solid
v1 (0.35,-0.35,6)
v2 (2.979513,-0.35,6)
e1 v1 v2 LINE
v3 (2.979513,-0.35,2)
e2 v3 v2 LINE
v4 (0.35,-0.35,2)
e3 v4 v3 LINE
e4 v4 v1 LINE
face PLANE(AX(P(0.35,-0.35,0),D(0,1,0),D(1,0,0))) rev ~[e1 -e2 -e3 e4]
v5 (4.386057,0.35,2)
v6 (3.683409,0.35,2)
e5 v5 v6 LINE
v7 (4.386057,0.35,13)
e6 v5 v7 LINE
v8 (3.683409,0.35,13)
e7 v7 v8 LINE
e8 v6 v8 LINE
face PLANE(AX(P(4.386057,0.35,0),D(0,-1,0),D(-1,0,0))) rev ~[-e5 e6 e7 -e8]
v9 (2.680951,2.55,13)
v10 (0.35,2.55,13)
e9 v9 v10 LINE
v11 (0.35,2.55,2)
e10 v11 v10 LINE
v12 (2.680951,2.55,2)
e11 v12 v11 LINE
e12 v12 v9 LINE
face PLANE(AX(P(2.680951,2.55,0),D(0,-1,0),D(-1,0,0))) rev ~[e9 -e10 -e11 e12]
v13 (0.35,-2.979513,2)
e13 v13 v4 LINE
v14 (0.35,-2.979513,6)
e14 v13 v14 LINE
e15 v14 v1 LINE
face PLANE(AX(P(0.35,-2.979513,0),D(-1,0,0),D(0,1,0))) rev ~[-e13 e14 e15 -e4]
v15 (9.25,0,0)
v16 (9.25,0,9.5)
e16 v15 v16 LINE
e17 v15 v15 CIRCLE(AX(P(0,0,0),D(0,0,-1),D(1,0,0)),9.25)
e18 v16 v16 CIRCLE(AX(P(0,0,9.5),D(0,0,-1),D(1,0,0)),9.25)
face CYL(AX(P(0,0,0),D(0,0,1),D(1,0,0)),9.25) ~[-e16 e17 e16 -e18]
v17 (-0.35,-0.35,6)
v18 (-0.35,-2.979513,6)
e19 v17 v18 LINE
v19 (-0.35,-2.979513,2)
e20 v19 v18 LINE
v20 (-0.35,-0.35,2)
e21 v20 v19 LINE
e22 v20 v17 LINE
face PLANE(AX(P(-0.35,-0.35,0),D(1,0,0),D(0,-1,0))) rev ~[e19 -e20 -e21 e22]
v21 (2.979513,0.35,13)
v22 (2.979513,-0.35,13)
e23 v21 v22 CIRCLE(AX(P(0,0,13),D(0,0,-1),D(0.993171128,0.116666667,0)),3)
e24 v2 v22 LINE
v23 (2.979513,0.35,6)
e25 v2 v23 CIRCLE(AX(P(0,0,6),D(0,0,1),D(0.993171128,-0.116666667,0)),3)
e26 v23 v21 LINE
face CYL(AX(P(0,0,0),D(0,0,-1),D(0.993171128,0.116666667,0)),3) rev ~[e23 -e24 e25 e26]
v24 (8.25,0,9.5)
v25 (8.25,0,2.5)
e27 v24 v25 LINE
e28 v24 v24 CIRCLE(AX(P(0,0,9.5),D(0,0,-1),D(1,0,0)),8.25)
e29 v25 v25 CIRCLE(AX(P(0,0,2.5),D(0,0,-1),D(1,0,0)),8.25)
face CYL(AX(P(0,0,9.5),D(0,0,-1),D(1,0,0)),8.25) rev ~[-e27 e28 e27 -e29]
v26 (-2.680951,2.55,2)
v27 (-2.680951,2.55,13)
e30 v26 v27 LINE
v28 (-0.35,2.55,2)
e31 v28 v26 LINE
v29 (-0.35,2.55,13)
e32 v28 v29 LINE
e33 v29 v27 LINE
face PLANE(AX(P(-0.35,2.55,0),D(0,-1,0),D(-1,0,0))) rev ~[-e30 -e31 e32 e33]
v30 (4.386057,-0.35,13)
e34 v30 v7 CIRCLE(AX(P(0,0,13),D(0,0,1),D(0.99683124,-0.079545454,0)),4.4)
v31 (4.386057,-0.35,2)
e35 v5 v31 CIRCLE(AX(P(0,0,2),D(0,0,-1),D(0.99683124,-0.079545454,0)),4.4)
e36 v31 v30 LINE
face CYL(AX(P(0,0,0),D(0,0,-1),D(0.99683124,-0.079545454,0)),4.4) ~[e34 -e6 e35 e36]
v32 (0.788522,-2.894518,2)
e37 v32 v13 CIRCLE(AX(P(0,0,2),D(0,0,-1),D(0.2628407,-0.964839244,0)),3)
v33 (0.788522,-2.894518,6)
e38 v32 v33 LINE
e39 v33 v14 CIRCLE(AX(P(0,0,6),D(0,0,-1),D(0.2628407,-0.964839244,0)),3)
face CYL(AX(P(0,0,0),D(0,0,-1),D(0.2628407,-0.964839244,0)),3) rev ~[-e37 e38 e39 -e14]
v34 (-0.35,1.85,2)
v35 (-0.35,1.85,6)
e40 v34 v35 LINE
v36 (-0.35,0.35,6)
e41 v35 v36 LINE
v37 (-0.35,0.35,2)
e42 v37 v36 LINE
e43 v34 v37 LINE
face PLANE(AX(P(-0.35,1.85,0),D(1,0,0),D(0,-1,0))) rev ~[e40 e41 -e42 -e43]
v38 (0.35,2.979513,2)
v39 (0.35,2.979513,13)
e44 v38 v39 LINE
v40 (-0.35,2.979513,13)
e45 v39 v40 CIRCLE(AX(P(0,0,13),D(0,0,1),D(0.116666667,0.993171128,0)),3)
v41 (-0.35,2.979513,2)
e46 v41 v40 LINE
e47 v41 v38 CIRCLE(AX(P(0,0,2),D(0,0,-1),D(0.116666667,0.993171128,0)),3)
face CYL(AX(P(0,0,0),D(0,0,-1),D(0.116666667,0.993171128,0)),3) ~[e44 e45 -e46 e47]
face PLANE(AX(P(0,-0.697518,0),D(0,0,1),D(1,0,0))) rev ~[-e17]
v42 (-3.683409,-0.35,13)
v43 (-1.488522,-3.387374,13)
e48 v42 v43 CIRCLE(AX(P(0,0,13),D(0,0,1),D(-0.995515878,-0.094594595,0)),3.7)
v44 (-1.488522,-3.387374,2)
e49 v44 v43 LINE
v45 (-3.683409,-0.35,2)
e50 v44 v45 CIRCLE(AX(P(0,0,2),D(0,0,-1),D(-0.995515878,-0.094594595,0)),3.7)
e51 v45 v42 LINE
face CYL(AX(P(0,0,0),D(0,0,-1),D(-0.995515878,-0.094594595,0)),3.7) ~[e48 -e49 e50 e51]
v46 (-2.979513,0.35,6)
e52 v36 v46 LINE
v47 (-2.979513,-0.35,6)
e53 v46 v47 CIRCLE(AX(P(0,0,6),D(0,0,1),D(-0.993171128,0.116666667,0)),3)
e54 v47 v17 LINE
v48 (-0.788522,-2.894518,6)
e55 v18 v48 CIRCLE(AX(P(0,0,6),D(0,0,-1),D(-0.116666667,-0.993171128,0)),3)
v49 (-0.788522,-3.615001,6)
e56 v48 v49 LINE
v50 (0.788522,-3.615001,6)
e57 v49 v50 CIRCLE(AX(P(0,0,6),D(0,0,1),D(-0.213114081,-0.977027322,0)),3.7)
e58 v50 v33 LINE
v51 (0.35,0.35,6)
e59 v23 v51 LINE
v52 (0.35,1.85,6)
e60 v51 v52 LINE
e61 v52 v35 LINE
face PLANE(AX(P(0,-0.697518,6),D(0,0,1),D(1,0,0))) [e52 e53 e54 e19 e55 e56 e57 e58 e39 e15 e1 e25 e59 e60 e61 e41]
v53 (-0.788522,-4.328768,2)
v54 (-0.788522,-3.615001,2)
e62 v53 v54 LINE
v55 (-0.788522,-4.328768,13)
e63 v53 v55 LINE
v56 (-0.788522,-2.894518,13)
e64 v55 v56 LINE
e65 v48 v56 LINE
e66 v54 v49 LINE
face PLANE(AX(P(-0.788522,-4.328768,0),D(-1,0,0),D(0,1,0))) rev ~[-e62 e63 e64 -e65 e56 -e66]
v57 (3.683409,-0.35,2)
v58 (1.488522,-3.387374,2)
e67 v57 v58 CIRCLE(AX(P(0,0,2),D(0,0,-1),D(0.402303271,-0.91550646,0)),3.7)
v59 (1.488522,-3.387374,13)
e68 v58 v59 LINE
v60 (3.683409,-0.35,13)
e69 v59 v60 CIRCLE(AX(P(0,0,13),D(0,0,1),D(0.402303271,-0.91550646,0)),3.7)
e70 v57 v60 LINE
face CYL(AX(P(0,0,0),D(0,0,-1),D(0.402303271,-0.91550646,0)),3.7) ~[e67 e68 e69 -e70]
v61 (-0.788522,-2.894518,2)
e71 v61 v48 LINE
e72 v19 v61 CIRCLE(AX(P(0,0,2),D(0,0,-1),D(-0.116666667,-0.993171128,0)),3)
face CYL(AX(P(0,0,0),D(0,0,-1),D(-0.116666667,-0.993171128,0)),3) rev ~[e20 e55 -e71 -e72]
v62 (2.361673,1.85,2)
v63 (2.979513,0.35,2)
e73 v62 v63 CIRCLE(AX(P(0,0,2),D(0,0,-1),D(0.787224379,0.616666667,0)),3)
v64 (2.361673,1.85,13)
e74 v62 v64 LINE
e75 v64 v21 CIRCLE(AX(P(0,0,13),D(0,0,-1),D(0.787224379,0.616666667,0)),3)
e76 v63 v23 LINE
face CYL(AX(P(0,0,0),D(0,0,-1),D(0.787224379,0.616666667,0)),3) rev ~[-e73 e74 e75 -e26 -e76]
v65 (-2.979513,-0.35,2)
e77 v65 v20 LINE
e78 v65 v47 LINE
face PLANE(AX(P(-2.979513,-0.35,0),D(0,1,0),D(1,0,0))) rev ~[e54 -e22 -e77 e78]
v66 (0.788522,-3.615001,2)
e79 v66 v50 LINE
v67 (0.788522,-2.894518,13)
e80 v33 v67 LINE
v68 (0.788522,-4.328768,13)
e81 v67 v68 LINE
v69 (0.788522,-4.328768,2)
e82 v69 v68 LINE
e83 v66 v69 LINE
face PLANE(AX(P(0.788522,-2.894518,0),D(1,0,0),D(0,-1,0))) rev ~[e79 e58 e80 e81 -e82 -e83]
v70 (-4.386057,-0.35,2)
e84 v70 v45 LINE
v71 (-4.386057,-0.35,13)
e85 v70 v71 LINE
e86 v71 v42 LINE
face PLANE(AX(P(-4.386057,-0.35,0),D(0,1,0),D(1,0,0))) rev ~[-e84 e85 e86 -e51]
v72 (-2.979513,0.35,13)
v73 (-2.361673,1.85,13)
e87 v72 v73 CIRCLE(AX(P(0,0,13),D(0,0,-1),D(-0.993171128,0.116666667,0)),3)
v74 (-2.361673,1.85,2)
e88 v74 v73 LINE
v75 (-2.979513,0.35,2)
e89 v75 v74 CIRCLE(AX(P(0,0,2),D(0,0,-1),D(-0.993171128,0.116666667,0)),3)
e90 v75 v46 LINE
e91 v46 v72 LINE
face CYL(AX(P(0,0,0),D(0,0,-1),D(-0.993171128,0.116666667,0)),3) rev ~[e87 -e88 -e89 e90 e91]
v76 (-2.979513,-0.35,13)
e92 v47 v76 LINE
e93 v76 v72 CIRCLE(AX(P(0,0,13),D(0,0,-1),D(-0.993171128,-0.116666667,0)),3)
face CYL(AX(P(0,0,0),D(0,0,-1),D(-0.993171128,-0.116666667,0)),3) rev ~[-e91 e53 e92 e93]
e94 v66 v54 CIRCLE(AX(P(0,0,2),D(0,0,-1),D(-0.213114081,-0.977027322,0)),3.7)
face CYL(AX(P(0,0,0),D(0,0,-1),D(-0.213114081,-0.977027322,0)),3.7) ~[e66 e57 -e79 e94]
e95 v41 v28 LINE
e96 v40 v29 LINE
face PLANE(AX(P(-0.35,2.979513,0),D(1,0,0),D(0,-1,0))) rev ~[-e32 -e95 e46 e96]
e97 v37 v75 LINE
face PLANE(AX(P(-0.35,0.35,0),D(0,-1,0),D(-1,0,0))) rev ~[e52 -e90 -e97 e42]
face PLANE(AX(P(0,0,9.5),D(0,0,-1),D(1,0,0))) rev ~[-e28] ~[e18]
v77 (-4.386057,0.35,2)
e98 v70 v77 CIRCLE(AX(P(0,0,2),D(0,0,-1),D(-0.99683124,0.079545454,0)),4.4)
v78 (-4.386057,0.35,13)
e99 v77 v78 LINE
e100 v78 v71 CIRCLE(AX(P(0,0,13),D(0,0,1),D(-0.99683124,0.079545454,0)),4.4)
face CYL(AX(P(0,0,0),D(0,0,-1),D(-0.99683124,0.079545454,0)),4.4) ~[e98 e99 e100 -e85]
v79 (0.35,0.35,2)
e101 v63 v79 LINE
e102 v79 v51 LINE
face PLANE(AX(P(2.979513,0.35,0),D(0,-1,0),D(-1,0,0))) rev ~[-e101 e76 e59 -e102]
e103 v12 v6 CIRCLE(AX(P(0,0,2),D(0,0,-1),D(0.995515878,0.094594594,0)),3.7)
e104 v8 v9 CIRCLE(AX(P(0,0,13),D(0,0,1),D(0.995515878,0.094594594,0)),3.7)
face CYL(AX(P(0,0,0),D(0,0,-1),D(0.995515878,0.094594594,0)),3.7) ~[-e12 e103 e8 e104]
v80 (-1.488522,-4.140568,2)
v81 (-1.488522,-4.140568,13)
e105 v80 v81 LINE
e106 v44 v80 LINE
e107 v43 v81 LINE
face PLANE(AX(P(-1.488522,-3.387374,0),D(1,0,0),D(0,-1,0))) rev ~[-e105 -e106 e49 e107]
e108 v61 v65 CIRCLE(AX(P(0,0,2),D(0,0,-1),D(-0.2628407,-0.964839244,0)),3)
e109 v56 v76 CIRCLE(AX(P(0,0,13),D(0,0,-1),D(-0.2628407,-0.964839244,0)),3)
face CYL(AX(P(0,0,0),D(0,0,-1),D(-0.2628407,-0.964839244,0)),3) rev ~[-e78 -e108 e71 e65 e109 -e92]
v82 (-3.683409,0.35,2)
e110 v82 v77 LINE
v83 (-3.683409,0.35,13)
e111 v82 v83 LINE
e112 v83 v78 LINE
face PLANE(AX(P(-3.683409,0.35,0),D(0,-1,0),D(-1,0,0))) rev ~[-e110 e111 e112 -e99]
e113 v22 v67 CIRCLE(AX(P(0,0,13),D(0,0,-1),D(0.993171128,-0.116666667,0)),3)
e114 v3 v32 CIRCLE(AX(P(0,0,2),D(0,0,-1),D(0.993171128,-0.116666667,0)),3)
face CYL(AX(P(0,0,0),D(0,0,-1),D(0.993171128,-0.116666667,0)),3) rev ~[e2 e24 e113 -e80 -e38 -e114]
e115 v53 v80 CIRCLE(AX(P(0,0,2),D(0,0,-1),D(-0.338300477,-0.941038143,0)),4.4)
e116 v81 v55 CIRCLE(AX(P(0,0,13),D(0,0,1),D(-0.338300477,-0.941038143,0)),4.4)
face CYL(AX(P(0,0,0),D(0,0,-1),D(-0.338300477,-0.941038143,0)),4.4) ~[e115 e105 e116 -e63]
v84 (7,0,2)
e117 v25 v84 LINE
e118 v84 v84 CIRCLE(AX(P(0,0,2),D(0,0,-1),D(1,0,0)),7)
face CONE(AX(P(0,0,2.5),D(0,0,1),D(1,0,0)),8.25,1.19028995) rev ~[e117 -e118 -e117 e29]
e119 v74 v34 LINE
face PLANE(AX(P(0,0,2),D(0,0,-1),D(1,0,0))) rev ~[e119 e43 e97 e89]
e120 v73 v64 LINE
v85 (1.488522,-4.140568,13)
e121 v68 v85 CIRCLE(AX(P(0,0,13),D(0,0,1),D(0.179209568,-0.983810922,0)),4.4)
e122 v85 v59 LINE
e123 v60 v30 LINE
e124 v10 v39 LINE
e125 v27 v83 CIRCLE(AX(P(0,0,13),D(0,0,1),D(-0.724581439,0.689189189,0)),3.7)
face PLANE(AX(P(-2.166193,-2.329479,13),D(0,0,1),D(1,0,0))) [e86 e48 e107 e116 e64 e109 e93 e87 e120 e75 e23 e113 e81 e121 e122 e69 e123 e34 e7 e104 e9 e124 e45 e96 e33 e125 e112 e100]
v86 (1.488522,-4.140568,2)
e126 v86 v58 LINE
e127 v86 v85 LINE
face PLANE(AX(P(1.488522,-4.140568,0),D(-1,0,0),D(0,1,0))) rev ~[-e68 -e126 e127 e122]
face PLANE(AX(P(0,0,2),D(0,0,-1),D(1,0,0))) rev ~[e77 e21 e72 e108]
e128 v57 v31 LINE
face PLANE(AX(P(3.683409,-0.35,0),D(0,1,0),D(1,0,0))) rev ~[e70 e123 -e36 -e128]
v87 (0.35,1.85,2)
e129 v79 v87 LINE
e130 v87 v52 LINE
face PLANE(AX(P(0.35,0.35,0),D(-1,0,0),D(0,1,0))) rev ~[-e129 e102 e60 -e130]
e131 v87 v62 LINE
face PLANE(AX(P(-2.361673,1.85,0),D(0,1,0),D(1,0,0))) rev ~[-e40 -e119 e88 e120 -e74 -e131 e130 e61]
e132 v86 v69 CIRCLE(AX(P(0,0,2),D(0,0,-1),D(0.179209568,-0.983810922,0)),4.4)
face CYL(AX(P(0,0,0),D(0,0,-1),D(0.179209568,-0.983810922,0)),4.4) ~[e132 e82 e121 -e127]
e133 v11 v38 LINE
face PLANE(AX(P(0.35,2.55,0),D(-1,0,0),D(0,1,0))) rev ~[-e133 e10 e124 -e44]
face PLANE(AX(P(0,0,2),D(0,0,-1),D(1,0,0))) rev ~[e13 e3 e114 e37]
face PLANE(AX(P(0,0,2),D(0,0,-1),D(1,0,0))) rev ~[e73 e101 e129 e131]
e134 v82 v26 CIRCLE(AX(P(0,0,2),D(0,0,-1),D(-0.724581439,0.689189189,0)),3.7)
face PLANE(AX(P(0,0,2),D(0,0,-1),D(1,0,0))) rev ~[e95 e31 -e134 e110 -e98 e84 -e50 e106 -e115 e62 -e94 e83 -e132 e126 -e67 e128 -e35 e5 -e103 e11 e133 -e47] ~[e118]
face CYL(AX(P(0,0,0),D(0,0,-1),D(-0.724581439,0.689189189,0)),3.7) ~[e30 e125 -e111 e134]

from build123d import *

# Parameters (mm, degrees)
F2_W     = 0.7
F2_H     = 0.7
F3_DEPTH = 13
F4_DEPTH = 6


with BuildPart() as f1:
    # F0 (on Front) → F1 (revolve)
    with BuildSketch(Plane.XZ):
        Polygon((0, 2), (0, 0), (9.25, 0), (9.25, 9.5), (8.25, 9.5), (8.25, 2.5), (7, 2), align=None)
    revolve(axis=Axis((0, 0, -0.2857148442), (0, 0, -1)))

    # F2 (on Top) → F3 (join)
    with BuildSketch(Plane.XY):
        with BuildLine():
            Line((-2.9795133831, -0.35), (-3.6834087473, -0.35))
            ThreePointArc((-3.6834087473, -0.35), (-2.9989376836, -2.1671116191), (-1.4885221007, -3.3873739026))
            Line((-1.4885221007, -3.3873739026), (-1.4885221007, -4.1405678301))
            ThreePointArc((-1.4885221007, -4.1405678301), (-1.1424042215, -4.2491072703), (-0.7885221007, -4.3287680576))
            Line((-0.7885221007, -4.3287680576), (-0.7885221007, -3.6150010922))
            Line((-0.7885221007, -3.6150010922), (-0.7885221007, -2.8945177313))
            ThreePointArc((-0.7885221007, -2.8945177313), (-2.2733599524, -1.9575072227), (-2.9795133831, -0.35))
        make_face()
        with BuildLine():
            Line((-0.35, 1.85), (-0.35, 2.55))
            Line((-0.35, 2.55), (-2.6809513237, 2.55))
            ThreePointArc((-2.6809513237, 2.55), (-3.366937745, 1.5341871534), (-3.6834087473, 0.35))
            Line((-3.6834087473, 0.35), (-2.9795133831, 0.35))
            ThreePointArc((-2.9795133831, 0.35), (-2.7739084983, 1.1425548752), (-2.3616731357, 1.85))
            Line((-2.3616731357, 1.85), (-0.35, 1.85))
        make_face()
        with BuildLine():
            Line((2.6809513237, 2.55), (0.35, 2.55))
            Line((0.35, 2.55), (0.35, 1.85))
            Line((0.35, 1.85), (2.3616731357, 1.85))
            ThreePointArc((2.3616731357, 1.85), (2.7739084983, 1.1425548752), (2.9795133831, 0.35))
            Line((2.9795133831, 0.35), (3.6834087473, 0.35))
            ThreePointArc((3.6834087473, 0.35), (3.366937745, 1.5341871534), (2.6809513237, 2.55))
        make_face()
        with BuildLine():
            ThreePointArc((3.6834087473, -0.35), (3.7, 0), (3.6834087473, 0.35))
            Line((3.6834087473, 0.35), (2.9795133831, 0.35))
            ThreePointArc((2.9795133831, 0.35), (3, 0), (2.9795133831, -0.35))
            Line((2.9795133831, -0.35), (3.6834087473, -0.35))
        make_face()
        with Locations((0, 2.2)):
            Rectangle(F2_W, F2_H)
        with BuildLine():
            Line((-2.9795133831, 0.35), (-3.6834087473, 0.35))
            ThreePointArc((-3.6834087473, 0.35), (-3.7, 0), (-3.6834087473, -0.35))
            Line((-3.6834087473, -0.35), (-2.9795133831, -0.35))
            ThreePointArc((-2.9795133831, -0.35), (-3, 0), (-2.9795133831, 0.35))
        make_face()
        with BuildLine():
            ThreePointArc((1.4885221007, -3.3873739026), (2.9989376836, -2.1671116191), (3.6834087473, -0.35))
            Line((3.6834087473, -0.35), (2.9795133831, -0.35))
            ThreePointArc((2.9795133831, -0.35), (2.2733599524, -1.9575072227), (0.7885221007, -2.8945177313))
            Line((0.7885221007, -2.8945177313), (0.7885221007, -3.6150010922))
            Line((0.7885221007, -3.6150010922), (0.7885221007, -4.3287680576))
            ThreePointArc((0.7885221007, -4.3287680576), (1.1424042215, -4.2491072703), (1.4885221007, -4.1405678301))
            Line((1.4885221007, -4.1405678301), (1.4885221007, -3.3873739026))
        make_face()
        with BuildLine():
            ThreePointArc((-3.6834087473, -0.35), (-3.7, 0), (-3.6834087473, 0.35))
            Line((-3.6834087473, 0.35), (-4.3860574552, 0.35))
            ThreePointArc((-4.3860574552, 0.35), (-4.4, 0), (-4.3860574552, -0.35))
            Line((-4.3860574552, -0.35), (-3.6834087473, -0.35))
        make_face()
        with BuildLine():
            Line((0.35, 2.55), (0.35, 2.9795133831))
            ThreePointArc((0.35, 2.9795133831), (0, 3), (-0.35, 2.9795133831))
            Line((-0.35, 2.9795133831), (-0.35, 2.55))
            Line((-0.35, 2.55), (0.35, 2.55))
        make_face()
        with BuildLine():
            Line((4.3860574552, 0.35), (3.6834087473, 0.35))
            ThreePointArc((3.6834087473, 0.35), (3.7, 0), (3.6834087473, -0.35))
            Line((3.6834087473, -0.35), (4.3860574552, -0.35))
            ThreePointArc((4.3860574552, -0.35), (4.4, 0), (4.3860574552, 0.35))
        make_face()
    extrude(amount=F3_DEPTH)

    # F2 (on Top) → F4 (join)
    with BuildSketch(Plane.XY):
        with BuildLine():
            Line((0.35, 0.35), (0.35, 1.85))
            Line((0.35, 1.85), (-0.35, 1.85))
            Line((-0.35, 1.85), (-0.35, 0.35))
            Line((-0.35, 0.35), (-2.9795133831, 0.35))
            ThreePointArc((-2.9795133831, 0.35), (-3, 0), (-2.9795133831, -0.35))
            Line((-2.9795133831, -0.35), (-0.35, -0.35))
            Line((-0.35, -0.35), (-0.35, -2.9795133831))
            ThreePointArc((-0.35, -2.9795133831), (-0.5708451705, -2.9451885833), (-0.7885221007, -2.8945177313))
            Line((-0.7885221007, -2.8945177313), (-0.7885221007, -3.6150010922))
            ThreePointArc((-0.7885221007, -3.6150010922), (0, -3.7), (0.7885221007, -3.6150010922))
            Line((0.7885221007, -3.6150010922), (0.7885221007, -2.8945177313))
            ThreePointArc((0.7885221007, -2.8945177313), (0.5708451705, -2.9451885833), (0.35, -2.9795133831))
            Line((0.35, -2.9795133831), (0.35, -0.35))
            Line((0.35, -0.35), (2.9795133831, -0.35))
            ThreePointArc((2.9795133831, -0.35), (3, 0), (2.9795133831, 0.35))
            Line((2.9795133831, 0.35), (0.35, 0.35))
        make_face()
    extrude(amount=F4_DEPTH)


solid = f1.part
